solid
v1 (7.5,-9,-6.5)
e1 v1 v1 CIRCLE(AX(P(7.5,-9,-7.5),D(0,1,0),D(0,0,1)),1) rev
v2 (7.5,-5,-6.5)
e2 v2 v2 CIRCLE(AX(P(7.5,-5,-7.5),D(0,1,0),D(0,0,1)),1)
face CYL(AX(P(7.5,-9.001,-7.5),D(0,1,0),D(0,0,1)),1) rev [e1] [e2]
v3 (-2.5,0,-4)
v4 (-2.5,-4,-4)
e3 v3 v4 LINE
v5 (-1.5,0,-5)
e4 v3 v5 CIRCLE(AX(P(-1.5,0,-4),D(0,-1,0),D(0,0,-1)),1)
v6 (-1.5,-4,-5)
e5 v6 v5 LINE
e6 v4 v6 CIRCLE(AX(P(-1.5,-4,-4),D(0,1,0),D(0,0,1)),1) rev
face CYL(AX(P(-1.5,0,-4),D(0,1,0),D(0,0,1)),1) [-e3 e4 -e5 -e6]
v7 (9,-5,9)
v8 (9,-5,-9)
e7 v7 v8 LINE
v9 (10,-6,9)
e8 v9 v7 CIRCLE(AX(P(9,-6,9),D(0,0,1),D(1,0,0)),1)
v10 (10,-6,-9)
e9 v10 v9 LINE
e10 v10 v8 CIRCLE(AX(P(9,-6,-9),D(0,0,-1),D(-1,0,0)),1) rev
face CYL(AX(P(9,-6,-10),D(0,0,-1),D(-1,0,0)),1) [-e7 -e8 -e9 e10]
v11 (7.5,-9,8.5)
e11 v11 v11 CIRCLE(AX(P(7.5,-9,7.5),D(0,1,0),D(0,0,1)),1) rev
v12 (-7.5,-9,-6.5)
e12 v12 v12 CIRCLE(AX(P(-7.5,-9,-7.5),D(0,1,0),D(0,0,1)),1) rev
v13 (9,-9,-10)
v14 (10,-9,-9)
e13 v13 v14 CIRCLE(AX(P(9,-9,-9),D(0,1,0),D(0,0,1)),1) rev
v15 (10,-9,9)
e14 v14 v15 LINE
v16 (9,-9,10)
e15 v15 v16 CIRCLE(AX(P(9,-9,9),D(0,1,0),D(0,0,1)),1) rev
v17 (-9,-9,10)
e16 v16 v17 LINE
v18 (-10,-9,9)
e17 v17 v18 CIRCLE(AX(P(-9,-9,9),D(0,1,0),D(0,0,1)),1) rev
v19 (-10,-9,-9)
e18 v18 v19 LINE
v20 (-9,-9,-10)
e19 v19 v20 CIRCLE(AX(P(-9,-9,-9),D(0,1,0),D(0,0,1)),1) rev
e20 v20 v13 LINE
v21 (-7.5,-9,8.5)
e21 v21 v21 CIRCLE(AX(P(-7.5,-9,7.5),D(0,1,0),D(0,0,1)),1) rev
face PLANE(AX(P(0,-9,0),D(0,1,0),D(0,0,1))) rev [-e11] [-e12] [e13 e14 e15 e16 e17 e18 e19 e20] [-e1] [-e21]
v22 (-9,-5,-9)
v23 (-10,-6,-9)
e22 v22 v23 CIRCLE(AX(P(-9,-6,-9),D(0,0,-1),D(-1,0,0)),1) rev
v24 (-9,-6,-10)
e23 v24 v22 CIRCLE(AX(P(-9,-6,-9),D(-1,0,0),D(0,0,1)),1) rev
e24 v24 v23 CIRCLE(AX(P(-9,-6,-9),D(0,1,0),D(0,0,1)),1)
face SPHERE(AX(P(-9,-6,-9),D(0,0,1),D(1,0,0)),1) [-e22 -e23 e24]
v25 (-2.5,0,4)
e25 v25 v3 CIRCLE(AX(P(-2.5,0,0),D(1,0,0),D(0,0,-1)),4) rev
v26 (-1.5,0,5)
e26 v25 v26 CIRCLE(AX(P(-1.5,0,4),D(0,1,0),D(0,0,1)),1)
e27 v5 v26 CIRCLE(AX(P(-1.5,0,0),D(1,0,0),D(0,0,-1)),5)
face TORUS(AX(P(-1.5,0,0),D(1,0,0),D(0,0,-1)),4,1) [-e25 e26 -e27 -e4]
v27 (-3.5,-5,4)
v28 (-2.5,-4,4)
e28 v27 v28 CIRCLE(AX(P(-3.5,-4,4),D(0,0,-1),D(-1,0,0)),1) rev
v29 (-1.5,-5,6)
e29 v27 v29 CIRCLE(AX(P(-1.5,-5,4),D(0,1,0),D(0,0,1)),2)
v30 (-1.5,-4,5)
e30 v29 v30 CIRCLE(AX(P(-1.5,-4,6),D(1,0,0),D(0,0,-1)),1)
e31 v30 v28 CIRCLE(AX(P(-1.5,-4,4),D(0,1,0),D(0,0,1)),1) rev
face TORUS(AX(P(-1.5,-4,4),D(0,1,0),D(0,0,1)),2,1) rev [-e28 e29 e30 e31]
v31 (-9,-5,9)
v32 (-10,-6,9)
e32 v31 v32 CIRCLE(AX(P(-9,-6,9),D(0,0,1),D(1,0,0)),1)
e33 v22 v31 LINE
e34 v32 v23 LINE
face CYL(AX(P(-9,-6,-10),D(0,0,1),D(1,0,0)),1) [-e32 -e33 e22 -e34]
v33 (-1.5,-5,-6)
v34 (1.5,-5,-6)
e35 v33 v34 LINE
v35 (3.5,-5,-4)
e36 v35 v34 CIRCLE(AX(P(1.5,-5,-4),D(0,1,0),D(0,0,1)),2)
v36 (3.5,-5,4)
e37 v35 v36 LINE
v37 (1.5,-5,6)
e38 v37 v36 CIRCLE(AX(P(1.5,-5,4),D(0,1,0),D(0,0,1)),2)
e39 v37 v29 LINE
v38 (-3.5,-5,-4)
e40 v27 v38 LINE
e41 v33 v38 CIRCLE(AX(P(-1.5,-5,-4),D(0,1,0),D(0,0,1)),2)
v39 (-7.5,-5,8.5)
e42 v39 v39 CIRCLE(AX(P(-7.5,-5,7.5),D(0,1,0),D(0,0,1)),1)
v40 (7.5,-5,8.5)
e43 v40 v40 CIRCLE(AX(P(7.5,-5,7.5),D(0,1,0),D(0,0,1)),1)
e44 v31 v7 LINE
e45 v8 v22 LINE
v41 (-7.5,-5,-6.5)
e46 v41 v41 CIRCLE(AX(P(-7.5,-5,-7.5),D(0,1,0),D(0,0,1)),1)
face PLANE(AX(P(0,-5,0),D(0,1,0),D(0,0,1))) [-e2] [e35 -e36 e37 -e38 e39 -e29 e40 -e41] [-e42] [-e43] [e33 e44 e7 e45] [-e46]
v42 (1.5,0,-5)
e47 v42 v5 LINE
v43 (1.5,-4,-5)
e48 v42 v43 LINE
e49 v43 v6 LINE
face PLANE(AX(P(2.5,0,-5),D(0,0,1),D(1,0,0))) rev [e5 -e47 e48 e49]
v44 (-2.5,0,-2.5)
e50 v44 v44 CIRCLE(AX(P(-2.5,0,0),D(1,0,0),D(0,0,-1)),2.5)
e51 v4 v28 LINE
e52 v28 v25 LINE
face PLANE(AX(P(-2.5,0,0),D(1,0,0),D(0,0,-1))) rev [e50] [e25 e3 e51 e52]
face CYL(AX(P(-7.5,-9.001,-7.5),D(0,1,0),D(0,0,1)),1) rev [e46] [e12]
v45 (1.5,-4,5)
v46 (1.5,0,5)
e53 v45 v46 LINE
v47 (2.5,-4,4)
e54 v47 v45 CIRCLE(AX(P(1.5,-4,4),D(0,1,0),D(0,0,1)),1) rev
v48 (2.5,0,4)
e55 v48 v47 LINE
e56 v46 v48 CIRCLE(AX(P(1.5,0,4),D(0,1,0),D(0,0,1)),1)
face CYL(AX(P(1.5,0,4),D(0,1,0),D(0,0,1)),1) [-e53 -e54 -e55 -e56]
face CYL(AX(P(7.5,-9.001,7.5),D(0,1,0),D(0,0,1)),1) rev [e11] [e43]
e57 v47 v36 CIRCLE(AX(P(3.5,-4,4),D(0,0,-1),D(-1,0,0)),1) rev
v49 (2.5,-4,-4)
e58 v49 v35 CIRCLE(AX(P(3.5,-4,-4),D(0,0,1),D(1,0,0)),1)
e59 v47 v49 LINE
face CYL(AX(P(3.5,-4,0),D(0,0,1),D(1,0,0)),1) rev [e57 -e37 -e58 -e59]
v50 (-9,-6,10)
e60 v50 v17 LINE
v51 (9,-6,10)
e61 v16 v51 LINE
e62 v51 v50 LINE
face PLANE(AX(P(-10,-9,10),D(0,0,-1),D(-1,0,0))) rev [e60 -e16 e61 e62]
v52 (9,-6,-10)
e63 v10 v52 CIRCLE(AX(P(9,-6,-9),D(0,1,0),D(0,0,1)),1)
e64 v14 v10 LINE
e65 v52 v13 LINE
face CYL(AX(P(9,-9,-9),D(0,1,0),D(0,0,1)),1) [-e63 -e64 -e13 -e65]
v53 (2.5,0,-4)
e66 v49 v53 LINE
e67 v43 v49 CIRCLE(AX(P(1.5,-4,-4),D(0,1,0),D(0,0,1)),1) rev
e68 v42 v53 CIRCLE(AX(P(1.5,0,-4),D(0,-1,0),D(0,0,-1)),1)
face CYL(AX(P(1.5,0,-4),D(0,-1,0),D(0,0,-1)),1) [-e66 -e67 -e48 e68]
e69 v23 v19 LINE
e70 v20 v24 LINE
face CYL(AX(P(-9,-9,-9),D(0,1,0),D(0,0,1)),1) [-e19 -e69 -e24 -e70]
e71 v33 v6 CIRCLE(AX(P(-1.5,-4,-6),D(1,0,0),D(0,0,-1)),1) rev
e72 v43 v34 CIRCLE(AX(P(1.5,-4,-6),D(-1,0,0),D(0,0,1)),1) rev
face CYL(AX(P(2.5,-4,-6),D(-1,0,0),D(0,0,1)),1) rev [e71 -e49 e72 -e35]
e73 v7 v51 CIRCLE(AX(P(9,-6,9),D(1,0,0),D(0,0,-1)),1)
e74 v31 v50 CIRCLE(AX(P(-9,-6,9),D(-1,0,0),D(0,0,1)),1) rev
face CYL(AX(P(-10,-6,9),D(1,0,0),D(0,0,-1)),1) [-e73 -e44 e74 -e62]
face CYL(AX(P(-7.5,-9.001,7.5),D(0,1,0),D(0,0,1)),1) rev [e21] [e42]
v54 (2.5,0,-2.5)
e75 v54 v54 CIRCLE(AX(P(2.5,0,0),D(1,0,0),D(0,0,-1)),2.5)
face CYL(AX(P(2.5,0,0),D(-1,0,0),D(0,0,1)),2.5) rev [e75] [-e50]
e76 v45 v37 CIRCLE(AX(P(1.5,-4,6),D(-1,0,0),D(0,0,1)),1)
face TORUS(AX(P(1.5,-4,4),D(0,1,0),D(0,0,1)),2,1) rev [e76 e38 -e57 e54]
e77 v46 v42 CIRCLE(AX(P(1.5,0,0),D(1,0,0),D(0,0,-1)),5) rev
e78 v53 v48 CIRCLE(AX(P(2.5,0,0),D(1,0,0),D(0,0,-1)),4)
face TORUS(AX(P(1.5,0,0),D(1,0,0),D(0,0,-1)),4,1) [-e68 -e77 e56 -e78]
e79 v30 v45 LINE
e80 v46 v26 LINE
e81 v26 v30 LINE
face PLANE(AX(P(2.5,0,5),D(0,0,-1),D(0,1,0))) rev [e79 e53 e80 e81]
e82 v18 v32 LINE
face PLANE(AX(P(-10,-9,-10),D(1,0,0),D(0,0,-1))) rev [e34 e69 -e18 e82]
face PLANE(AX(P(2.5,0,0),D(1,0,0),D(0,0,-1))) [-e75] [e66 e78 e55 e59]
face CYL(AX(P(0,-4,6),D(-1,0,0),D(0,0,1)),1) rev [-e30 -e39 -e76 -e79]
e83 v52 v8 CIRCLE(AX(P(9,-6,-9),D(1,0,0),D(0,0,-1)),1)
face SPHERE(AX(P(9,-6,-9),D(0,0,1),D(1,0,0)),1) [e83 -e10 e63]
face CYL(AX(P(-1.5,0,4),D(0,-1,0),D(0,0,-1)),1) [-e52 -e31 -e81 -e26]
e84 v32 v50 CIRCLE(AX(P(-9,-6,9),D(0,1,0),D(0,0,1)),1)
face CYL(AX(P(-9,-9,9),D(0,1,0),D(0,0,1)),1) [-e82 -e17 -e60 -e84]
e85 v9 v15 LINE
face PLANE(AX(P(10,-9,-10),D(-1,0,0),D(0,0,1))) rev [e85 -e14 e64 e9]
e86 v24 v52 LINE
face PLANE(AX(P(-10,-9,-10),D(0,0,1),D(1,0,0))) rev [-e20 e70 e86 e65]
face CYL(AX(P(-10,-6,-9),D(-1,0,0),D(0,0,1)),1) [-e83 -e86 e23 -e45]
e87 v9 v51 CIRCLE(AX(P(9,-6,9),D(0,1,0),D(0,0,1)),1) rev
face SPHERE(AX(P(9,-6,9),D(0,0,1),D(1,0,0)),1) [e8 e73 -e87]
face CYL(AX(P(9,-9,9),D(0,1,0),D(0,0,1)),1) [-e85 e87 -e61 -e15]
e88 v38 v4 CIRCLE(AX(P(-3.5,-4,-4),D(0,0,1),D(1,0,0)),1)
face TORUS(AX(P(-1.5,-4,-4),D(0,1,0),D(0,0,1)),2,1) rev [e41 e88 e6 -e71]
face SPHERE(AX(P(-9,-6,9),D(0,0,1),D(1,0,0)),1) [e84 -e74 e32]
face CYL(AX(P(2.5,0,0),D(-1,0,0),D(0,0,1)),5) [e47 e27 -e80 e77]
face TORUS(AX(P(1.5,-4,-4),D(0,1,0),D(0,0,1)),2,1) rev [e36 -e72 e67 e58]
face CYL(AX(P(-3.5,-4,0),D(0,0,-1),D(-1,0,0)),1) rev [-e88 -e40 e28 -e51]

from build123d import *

# Parameters (mm, degrees)
ESQUISSE2_R             = 2.5
BOSS_EXTRU_1_DEPTH      = 2.5
ESQUISSE4_W             = 20
ESQUISSE4_H             = 20
BOSS_EXTRU_2_DEPTH      = 4
ENL_V_MAT_EXTRU_1_REACH = 6
ESQUISSE5_R             = 1
CONG_1_R                = 1


with BuildPart() as part:
    # Esquisse2 → Boss.-Extru.1 (new body, symmetric)
    with BuildSketch(Plane(origin=(0, 0, 0), x_dir=(0, 0, -1), z_dir=(1, 0, 0))):
        with BuildLine():
            Line((5, 0), (5, -5))
            Line((5, -5), (-5, -5))
            Line((-5, -5), (-5, 0))
            ThreePointArc((-5, 0), (0, 5), (5, 0))
        make_face()
        Circle(ESQUISSE2_R, mode=Mode.SUBTRACT)
    extrude(amount=BOSS_EXTRU_1_DEPTH, both=True)

    # Esquisse4 → Boss.-Extru.2 (add)
    with BuildSketch(Plane.XZ.offset(5)):
        Rectangle(ESQUISSE4_W, ESQUISSE4_H)
    extrude(amount=BOSS_EXTRU_2_DEPTH)

    # Esquisse5 → Enlèv. mat.-Extru.1 (cut, up to next)
    with BuildSketch(Plane(origin=(0, -5, 0), x_dir=(1, 0, 0), z_dir=(0, 1, 0)), mode=Mode.PRIVATE) as enl_v_mat_extru_1_sk1:
        with Locations(Location((7.5, -7.5, 0), (0, 0, 270))):  # turned: the seam where the file's is
            Circle(ESQUISSE5_R)
    enl_v_mat_extru_1_tool1 = extrude(enl_v_mat_extru_1_sk1.sketch, amount=-ENL_V_MAT_EXTRU_1_REACH, mode=Mode.PRIVATE) & part.part
    add(enl_v_mat_extru_1_tool1.solids().sort_by_distance((7.5, -5, 7.5))[0], mode=Mode.SUBTRACT)
    # Esquisse5 → Enlèv. mat.-Extru.1 (cut, up to next)
    with BuildSketch(Plane(origin=(0, -5, 0), x_dir=(1, 0, 0), z_dir=(0, 1, 0)), mode=Mode.PRIVATE) as enl_v_mat_extru_1_sk2:
        with Locations(Location((7.5, 7.5, 0), (0, 0, 270))):  # turned: the seam where the file's is
            Circle(ESQUISSE5_R)
    enl_v_mat_extru_1_tool2 = extrude(enl_v_mat_extru_1_sk2.sketch, amount=-ENL_V_MAT_EXTRU_1_REACH, mode=Mode.PRIVATE) & part.part
    add(enl_v_mat_extru_1_tool2.solids().sort_by_distance((7.5, -5, -7.5))[0], mode=Mode.SUBTRACT)
    # Esquisse5 → Enlèv. mat.-Extru.1 (cut, up to next)
    with BuildSketch(Plane(origin=(0, -5, 0), x_dir=(1, 0, 0), z_dir=(0, 1, 0)), mode=Mode.PRIVATE) as enl_v_mat_extru_1_sk3:
        with Locations(Location((-7.5, 7.5, 0), (0, 0, 270))):  # turned: the seam where the file's is
            Circle(ESQUISSE5_R)
    enl_v_mat_extru_1_tool3 = extrude(enl_v_mat_extru_1_sk3.sketch, amount=-ENL_V_MAT_EXTRU_1_REACH, mode=Mode.PRIVATE) & part.part
    add(enl_v_mat_extru_1_tool3.solids().sort_by_distance((-7.5, -5, -7.5))[0], mode=Mode.SUBTRACT)
    # Esquisse5 → Enlèv. mat.-Extru.1 (cut, up to next)
    with BuildSketch(Plane(origin=(0, -5, 0), x_dir=(1, 0, 0), z_dir=(0, 1, 0)), mode=Mode.PRIVATE) as enl_v_mat_extru_1_sk4:
        with Locations(Location((-7.5, -7.5, 0), (0, 0, 270))):  # turned: the seam where the file's is
            Circle(ESQUISSE5_R)
    enl_v_mat_extru_1_tool4 = extrude(enl_v_mat_extru_1_sk4.sketch, amount=-ENL_V_MAT_EXTRU_1_REACH, mode=Mode.PRIVATE) & part.part
    add(enl_v_mat_extru_1_tool4.solids().sort_by_distance((-7.5, -5, 7.5))[0], mode=Mode.SUBTRACT)

    # Congé1
    cong_1_edges = [part.edges().sort_by_distance(p)[0] for p in [
        (2.5, -5, 0),
        (2.5, -2.5, -5),
        (-10, -5, 0),
        (-10, -7, 10),
        (0, -5, -10),
        (-10, -7, -10),
        (10, -5, 0),
        (10, -7, -10),
        (0, -5, 10),
        (10, -7, 10),
        (2.5, 5, 0),
        (-2.5, -2.5, -5),
        (-2.5, -5, 0),
        (-2.5, -2.5, 5),
        (-2.5, 5, 0),
        (0, -5, -5),
        (0, -5, 5),
        (2.5, -2.5, 5),
    ]]
    fillet(cong_1_edges, radius=CONG_1_R)


solid = part.part
